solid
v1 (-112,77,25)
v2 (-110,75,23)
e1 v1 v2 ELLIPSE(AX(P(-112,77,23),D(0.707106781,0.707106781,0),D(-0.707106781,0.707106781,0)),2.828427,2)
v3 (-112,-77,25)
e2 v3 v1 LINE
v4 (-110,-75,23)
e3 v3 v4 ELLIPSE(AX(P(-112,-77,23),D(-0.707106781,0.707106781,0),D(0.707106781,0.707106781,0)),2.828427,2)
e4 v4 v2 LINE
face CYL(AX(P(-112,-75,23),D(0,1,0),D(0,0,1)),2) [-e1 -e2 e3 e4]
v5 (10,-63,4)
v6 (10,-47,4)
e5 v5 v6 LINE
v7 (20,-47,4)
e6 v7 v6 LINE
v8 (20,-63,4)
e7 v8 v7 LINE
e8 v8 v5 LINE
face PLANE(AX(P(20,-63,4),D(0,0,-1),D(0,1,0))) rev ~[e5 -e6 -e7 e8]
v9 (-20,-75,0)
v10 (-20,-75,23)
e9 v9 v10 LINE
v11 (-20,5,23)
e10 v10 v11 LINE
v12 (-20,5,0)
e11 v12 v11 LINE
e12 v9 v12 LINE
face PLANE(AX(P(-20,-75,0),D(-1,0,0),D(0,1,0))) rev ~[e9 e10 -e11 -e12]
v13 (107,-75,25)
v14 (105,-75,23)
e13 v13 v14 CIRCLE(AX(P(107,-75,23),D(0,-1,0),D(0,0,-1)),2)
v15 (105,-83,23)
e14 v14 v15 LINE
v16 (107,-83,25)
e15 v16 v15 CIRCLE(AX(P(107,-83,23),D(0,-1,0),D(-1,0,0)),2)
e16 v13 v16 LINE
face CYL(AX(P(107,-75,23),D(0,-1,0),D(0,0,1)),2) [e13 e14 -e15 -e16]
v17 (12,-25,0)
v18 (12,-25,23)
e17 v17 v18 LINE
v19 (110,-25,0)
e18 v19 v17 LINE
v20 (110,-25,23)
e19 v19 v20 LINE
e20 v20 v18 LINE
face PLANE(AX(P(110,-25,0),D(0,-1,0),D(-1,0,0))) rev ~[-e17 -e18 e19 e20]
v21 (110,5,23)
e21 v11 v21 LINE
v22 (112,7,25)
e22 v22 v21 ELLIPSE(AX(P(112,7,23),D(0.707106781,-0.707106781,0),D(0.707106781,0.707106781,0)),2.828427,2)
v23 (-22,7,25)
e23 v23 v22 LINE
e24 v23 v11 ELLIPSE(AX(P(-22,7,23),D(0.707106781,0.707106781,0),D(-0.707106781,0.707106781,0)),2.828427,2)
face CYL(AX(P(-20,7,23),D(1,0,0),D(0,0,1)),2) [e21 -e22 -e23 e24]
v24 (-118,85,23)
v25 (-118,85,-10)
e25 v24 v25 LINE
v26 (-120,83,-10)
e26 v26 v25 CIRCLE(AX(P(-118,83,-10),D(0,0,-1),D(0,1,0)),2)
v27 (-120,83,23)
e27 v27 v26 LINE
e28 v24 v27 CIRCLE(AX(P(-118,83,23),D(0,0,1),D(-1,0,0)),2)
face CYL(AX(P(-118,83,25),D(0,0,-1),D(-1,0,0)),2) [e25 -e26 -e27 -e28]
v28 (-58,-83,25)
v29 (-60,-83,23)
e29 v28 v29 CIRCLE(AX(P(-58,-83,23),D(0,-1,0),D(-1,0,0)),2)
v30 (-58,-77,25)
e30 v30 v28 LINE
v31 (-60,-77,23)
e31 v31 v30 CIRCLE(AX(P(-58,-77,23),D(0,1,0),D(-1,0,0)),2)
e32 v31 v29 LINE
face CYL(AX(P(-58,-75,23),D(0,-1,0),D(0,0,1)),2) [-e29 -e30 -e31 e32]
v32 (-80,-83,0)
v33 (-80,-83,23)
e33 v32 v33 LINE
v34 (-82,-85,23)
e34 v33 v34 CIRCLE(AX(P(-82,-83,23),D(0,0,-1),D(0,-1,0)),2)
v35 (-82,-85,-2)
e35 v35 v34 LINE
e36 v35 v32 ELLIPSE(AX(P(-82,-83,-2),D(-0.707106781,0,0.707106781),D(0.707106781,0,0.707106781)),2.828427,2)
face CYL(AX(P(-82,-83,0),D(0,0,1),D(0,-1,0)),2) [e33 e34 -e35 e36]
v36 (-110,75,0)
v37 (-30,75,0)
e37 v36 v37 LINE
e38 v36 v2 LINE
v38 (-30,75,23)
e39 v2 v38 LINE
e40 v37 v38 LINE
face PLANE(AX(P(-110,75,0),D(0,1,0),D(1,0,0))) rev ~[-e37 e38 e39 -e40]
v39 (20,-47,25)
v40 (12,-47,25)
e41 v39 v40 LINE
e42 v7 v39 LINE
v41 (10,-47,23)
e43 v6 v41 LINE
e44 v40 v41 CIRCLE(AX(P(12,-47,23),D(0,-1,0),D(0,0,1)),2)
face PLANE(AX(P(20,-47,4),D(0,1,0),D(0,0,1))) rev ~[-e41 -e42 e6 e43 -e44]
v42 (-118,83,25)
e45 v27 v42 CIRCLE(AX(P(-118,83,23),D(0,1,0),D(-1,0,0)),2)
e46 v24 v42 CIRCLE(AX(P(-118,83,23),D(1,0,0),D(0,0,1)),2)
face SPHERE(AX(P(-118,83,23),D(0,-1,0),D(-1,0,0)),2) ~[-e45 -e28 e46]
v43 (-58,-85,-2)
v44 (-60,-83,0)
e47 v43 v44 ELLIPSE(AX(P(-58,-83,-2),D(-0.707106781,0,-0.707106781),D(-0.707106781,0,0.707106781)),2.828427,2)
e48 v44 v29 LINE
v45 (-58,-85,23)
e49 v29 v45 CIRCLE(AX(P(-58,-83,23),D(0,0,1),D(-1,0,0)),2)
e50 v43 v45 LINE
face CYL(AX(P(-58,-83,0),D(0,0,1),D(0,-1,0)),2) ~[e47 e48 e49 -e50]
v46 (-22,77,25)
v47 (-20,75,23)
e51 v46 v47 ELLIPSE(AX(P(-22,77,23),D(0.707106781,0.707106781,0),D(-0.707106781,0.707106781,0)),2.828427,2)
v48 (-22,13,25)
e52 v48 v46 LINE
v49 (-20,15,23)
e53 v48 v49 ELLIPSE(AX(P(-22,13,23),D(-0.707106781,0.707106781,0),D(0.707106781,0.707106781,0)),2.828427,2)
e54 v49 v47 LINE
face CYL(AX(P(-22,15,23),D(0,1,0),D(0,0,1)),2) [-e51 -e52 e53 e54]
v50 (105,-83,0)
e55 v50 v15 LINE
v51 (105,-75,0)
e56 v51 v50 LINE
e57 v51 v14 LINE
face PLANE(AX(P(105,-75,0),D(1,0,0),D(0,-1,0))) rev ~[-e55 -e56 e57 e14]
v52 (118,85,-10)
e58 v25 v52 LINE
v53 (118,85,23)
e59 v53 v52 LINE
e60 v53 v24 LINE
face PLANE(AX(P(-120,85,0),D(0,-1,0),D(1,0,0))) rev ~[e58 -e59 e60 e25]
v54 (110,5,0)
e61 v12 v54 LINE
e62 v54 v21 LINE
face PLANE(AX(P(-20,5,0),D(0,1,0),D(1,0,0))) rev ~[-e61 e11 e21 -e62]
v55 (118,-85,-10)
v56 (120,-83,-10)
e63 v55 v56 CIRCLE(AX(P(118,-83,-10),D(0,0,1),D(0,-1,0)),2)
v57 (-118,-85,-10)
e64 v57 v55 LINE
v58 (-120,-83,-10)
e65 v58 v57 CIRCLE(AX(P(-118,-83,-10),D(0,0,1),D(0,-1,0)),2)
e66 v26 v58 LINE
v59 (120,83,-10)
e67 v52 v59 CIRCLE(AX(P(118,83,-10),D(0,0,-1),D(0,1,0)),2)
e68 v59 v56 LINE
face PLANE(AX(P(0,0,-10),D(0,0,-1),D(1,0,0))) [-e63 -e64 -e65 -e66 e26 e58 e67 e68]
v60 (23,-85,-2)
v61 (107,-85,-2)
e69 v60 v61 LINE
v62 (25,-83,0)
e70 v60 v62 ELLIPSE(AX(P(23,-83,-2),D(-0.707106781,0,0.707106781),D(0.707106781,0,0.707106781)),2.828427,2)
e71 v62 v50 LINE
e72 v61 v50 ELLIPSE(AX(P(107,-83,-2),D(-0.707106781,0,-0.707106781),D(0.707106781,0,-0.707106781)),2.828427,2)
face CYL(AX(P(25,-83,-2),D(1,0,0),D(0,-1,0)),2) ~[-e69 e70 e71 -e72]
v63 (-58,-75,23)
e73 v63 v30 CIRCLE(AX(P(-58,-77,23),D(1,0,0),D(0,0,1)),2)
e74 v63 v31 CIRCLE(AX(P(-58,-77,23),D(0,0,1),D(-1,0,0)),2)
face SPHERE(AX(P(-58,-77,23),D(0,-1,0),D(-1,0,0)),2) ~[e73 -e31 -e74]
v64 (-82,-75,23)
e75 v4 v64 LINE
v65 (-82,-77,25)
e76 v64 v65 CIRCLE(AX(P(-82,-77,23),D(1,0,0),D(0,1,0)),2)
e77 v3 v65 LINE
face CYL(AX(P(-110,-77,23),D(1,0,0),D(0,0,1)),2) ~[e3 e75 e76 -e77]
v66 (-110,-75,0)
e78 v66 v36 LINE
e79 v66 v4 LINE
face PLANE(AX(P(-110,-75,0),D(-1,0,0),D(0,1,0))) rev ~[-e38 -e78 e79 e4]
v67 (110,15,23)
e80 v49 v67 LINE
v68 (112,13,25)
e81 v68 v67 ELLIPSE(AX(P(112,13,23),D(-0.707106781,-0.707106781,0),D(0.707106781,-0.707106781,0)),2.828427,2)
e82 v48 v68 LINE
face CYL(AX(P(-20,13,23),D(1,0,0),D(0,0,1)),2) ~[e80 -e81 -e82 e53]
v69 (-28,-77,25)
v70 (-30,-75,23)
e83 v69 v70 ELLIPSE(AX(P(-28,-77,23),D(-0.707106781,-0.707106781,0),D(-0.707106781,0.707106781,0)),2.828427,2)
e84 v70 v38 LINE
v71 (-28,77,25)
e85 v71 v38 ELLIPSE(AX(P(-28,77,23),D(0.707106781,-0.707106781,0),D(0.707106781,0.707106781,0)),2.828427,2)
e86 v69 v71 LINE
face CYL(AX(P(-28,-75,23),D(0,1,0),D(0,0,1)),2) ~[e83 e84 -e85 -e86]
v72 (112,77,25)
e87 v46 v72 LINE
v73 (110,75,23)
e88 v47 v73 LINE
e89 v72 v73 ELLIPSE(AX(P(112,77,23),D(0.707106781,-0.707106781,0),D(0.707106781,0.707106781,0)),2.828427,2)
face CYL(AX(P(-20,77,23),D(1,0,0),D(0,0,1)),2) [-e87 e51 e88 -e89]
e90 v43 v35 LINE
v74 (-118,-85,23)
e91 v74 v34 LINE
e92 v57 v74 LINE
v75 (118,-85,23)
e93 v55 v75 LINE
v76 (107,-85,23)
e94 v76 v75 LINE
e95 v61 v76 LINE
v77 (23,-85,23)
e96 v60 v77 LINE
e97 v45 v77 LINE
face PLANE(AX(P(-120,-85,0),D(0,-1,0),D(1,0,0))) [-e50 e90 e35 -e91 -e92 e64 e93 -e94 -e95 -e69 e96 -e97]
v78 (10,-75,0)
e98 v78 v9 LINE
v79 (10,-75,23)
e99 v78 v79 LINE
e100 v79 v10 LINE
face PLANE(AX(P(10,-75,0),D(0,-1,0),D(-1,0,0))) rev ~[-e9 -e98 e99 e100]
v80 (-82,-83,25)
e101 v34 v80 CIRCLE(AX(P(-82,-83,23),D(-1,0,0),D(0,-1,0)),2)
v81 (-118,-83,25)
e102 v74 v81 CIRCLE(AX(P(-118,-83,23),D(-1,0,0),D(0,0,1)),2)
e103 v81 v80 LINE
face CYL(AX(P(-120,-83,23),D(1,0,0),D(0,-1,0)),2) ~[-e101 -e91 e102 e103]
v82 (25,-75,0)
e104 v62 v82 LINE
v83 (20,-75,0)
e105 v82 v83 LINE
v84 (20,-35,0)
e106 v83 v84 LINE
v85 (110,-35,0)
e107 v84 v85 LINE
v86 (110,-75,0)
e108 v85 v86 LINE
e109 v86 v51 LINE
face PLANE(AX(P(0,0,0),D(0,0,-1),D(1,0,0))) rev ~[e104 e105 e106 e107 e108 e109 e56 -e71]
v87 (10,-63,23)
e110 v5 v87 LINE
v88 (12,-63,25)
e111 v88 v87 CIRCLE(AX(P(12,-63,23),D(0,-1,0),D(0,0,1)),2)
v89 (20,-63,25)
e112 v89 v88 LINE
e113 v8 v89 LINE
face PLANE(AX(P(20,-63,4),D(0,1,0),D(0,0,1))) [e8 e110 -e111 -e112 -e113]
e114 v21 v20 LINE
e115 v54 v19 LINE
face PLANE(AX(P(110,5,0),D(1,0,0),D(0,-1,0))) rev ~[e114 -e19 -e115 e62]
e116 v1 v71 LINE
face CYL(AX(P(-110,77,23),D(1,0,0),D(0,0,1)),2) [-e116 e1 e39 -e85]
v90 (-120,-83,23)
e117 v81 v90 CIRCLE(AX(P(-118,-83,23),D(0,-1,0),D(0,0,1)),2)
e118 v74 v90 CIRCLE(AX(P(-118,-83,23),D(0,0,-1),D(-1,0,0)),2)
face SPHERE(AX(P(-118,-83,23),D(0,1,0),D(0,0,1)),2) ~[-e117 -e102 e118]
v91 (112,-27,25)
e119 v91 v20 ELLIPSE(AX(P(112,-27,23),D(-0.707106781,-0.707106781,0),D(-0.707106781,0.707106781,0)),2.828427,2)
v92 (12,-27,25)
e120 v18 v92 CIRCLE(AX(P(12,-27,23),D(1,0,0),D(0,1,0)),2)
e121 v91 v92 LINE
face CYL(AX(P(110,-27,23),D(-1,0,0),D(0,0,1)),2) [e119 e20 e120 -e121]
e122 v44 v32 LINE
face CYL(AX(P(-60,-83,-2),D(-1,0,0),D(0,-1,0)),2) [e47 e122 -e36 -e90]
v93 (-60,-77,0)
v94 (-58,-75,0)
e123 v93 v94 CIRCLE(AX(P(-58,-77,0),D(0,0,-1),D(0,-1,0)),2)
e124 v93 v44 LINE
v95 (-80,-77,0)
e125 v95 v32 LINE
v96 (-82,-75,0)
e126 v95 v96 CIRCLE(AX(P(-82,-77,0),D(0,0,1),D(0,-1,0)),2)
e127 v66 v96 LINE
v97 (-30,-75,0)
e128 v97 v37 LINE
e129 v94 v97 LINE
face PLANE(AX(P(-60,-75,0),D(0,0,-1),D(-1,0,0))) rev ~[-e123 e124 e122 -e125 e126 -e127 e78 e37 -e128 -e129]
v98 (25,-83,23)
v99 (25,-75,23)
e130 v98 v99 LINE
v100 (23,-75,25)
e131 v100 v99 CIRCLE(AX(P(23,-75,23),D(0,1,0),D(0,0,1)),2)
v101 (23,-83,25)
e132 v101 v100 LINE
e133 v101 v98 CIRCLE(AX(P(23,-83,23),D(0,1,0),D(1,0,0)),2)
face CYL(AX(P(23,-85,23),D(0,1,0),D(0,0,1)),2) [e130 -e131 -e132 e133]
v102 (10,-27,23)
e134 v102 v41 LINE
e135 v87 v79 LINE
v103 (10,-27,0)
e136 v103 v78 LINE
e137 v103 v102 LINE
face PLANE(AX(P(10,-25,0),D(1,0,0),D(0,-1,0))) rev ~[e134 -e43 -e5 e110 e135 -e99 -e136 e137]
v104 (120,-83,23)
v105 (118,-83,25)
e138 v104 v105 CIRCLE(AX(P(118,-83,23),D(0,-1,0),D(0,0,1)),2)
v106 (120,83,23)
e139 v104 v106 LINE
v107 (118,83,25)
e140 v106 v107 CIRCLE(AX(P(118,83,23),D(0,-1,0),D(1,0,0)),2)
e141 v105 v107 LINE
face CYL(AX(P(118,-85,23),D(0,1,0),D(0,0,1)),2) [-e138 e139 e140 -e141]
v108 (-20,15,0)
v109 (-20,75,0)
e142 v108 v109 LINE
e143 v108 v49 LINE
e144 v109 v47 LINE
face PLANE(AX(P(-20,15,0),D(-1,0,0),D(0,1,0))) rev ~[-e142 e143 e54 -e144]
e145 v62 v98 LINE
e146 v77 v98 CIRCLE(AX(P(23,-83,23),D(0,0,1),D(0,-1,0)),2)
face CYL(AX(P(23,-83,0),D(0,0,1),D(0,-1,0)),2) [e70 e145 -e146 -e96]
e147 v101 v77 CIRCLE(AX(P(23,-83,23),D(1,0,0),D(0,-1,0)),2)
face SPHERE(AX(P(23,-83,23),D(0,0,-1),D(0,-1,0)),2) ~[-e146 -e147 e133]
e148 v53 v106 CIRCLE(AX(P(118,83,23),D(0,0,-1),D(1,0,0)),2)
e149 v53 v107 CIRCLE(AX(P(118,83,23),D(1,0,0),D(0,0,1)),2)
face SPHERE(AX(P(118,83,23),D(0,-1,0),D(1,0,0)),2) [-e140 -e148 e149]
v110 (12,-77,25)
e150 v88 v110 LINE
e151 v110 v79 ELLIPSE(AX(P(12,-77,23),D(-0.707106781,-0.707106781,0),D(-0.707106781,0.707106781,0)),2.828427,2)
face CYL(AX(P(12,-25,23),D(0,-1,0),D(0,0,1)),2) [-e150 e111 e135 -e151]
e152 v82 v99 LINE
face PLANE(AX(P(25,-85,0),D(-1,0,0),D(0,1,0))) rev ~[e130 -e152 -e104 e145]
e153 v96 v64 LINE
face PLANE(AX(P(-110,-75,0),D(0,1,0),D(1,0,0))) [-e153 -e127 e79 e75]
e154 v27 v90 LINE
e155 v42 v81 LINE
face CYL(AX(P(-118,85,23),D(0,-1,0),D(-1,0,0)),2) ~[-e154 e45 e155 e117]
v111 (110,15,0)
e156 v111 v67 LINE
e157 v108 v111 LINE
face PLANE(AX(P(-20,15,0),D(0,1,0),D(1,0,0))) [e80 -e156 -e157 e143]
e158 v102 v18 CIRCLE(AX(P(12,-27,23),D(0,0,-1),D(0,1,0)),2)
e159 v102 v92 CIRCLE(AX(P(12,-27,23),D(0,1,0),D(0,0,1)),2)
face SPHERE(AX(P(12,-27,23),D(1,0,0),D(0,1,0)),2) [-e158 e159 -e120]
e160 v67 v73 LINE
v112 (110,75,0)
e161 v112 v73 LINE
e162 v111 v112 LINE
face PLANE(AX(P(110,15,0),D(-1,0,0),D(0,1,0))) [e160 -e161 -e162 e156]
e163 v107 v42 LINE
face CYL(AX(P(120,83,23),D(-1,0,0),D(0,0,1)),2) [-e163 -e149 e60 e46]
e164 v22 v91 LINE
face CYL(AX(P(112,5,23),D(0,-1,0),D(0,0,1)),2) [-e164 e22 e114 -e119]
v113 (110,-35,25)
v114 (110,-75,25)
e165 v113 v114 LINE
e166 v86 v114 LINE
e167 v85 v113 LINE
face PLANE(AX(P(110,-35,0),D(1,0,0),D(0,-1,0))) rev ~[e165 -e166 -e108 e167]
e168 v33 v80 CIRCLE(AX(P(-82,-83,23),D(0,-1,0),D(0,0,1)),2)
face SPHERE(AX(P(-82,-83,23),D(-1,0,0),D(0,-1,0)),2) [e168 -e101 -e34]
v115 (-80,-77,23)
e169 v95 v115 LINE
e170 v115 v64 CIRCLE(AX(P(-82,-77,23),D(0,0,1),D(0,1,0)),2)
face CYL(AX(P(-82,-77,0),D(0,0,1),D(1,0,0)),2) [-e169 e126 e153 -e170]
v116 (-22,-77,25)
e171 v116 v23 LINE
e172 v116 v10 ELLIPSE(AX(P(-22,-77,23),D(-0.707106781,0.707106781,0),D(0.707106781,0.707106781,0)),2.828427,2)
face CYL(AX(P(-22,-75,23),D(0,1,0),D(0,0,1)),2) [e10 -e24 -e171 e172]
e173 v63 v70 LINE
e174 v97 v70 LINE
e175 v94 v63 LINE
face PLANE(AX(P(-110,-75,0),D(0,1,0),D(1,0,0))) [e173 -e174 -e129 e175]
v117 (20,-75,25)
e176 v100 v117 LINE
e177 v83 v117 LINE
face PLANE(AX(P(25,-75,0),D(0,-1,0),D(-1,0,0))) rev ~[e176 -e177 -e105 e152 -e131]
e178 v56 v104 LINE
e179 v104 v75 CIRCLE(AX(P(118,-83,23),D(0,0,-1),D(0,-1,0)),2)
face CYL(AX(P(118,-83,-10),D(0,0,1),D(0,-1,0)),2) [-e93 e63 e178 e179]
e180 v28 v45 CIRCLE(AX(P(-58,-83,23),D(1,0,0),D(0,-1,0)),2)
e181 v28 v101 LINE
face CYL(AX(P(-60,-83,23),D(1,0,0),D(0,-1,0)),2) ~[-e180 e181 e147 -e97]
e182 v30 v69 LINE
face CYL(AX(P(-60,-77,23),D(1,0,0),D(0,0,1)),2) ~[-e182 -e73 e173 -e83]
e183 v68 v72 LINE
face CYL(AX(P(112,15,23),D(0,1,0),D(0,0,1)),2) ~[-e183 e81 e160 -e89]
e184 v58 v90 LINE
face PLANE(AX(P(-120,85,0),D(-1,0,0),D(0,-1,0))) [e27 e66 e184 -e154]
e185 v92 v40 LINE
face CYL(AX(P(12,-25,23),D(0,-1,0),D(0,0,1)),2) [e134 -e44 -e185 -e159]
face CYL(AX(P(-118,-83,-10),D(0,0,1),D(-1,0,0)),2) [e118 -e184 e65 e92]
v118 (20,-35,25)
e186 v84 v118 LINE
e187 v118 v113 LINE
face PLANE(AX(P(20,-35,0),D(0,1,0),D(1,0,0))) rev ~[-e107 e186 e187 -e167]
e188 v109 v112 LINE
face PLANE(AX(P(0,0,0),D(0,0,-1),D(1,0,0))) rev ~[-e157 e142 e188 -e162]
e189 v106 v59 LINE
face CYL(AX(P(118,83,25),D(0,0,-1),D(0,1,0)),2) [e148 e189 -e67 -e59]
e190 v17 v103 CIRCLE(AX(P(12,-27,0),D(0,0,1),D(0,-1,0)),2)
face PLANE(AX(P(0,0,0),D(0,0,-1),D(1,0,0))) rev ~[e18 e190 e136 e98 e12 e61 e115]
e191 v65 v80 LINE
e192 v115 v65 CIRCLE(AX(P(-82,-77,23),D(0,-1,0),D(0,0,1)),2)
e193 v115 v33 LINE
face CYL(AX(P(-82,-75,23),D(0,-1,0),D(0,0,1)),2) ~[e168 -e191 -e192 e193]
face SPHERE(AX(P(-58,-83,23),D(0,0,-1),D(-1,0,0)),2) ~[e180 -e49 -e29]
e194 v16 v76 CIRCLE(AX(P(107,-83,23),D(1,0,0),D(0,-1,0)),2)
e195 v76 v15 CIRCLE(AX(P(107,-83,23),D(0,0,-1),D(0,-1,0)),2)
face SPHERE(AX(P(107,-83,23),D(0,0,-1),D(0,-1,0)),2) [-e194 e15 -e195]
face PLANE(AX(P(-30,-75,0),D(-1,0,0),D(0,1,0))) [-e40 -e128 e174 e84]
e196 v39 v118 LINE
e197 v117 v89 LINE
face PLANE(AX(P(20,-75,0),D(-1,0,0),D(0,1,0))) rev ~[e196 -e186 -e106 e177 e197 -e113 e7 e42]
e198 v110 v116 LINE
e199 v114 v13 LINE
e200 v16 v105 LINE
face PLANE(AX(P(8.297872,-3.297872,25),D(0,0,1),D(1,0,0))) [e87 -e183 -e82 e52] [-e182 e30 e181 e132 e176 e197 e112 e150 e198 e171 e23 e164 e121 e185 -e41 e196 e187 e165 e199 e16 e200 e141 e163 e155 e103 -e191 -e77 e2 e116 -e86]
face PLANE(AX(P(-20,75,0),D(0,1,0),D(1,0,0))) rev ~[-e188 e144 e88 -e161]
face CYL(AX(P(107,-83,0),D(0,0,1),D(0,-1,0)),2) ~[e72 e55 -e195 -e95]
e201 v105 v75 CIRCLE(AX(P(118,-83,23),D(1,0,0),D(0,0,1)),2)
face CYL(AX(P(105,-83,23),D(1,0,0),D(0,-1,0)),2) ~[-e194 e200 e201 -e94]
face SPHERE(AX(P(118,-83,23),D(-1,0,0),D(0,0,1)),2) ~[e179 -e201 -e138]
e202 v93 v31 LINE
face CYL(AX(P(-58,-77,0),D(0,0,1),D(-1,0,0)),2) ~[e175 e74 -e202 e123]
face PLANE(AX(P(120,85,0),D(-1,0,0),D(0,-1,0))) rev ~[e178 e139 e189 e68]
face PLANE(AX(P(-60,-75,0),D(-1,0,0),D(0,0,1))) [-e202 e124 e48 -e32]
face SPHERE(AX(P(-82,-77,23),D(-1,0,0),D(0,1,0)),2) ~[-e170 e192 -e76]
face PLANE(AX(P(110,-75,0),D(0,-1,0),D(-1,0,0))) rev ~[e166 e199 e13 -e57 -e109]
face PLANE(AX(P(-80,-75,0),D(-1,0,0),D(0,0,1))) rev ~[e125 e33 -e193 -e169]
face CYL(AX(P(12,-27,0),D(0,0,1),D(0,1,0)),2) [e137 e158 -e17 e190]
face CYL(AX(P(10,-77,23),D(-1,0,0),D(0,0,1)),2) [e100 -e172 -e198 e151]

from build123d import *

# Parameters (mm, degrees)
F0_W     = 80
F0_H     = 150
F0_W_2   = 130
F0_H_2   = 60
F1_DEPTH = 25
F2_W     = 240
F2_H     = 170
F3_DEPTH = 10
F4_W     = 20
F4_H     = 25
F5_DEPTH = 10
F6_R     = 2
F7_W     = 16
F7_H     = 21
F8_DEPTH = 10


with BuildPart() as f1:
    # F0 (on Top) → F1 (new body)
    with BuildSketch(Plane.XY):
        Polygon((105, -85), (120, -85), (120, 85), (-120, 85), (-120, -85), (25, -85), (25, -75), (20, -75), (20, -35), (110, -35), (110, -75), (105, -75), align=None)
        Polygon((110, 5), (110, -25), (10, -25), (10, -75), (-20, -75), (-20, -25), (-20, 5), align=None, mode=Mode.SUBTRACT)
        with Locations((-70, 0)):
            Rectangle(F0_W, F0_H, mode=Mode.SUBTRACT)
        with Locations((45, 45)):
            Rectangle(F0_W_2, F0_H_2, mode=Mode.SUBTRACT)
    extrude(amount=F1_DEPTH)

    # F2 (on face) → F3 (join)
    with BuildSketch(Plane(origin=(0, 0, 0), x_dir=(1, 0, 0), z_dir=(0, 0, -1))):
        Rectangle(F2_W, F2_H)
    extrude(amount=F3_DEPTH)

    # F4 (on face) → F5 (cut)
    with BuildSketch(Plane(origin=(0, -75, 0), x_dir=(-1, 0, 0), z_dir=(0, 1, 0))):
        with Locations((70, 12.5)):
            Rectangle(F4_W, F4_H)
    extrude(amount=-F5_DEPTH, mode=Mode.SUBTRACT)

    # F6
    f6_edges = [f1.edges().sort_by_distance(p)[0] for p in [
        (-110, 0, 25),
        (-120, 0, 25),
        (-100, -85, 25),
        (-95, -75, 25),
        (-60, -85, 12.5),
        (-80, -85, 12.5),
        (-80, -75, 12.5),
        (-60, -80, 25),
        (-60, -75, 12.5),
        (-30, 0, 25),
        (-45, -75, 25),
        (-70, -85, 0),
        (-20, -35, 25),
        (60, -25, 25),
        (-5, -75, 25),
        (10, -25, 12.5),
        (10, -50, 25),
        (25, -85, 12.5),
        (-17.5, -85, 25),
        (65, -85, 0),
        (105, -85, 12.5),
        (112.5, -85, 25),
        (120, 0, 25),
        (120, -85, 7.5),
        (-120, -85, 7.5),
        (45, 5, 25),
        (45, 15, 25),
        (-20, 45, 25),
        (-120, 85, 7.5),
        (120, 85, 7.5),
        (0, 85, 25),
        (45, 75, 25),
        (110, 45, 25),
        (110, -10, 25),
        (-80, -80, 25),
        (25, -80, 25),
        (105, -80, 25),
        (-70, 75, 25),
    ]]
    fillet(f6_edges, radius=F6_R)

    # F7 (on face) → F8 (cut)
    with BuildSketch(Plane.YZ.offset(20)):
        with Locations((-55, 14.5)):
            Rectangle(F7_W, F7_H)
    extrude(amount=-F8_DEPTH, mode=Mode.SUBTRACT)


solid = f1.part
